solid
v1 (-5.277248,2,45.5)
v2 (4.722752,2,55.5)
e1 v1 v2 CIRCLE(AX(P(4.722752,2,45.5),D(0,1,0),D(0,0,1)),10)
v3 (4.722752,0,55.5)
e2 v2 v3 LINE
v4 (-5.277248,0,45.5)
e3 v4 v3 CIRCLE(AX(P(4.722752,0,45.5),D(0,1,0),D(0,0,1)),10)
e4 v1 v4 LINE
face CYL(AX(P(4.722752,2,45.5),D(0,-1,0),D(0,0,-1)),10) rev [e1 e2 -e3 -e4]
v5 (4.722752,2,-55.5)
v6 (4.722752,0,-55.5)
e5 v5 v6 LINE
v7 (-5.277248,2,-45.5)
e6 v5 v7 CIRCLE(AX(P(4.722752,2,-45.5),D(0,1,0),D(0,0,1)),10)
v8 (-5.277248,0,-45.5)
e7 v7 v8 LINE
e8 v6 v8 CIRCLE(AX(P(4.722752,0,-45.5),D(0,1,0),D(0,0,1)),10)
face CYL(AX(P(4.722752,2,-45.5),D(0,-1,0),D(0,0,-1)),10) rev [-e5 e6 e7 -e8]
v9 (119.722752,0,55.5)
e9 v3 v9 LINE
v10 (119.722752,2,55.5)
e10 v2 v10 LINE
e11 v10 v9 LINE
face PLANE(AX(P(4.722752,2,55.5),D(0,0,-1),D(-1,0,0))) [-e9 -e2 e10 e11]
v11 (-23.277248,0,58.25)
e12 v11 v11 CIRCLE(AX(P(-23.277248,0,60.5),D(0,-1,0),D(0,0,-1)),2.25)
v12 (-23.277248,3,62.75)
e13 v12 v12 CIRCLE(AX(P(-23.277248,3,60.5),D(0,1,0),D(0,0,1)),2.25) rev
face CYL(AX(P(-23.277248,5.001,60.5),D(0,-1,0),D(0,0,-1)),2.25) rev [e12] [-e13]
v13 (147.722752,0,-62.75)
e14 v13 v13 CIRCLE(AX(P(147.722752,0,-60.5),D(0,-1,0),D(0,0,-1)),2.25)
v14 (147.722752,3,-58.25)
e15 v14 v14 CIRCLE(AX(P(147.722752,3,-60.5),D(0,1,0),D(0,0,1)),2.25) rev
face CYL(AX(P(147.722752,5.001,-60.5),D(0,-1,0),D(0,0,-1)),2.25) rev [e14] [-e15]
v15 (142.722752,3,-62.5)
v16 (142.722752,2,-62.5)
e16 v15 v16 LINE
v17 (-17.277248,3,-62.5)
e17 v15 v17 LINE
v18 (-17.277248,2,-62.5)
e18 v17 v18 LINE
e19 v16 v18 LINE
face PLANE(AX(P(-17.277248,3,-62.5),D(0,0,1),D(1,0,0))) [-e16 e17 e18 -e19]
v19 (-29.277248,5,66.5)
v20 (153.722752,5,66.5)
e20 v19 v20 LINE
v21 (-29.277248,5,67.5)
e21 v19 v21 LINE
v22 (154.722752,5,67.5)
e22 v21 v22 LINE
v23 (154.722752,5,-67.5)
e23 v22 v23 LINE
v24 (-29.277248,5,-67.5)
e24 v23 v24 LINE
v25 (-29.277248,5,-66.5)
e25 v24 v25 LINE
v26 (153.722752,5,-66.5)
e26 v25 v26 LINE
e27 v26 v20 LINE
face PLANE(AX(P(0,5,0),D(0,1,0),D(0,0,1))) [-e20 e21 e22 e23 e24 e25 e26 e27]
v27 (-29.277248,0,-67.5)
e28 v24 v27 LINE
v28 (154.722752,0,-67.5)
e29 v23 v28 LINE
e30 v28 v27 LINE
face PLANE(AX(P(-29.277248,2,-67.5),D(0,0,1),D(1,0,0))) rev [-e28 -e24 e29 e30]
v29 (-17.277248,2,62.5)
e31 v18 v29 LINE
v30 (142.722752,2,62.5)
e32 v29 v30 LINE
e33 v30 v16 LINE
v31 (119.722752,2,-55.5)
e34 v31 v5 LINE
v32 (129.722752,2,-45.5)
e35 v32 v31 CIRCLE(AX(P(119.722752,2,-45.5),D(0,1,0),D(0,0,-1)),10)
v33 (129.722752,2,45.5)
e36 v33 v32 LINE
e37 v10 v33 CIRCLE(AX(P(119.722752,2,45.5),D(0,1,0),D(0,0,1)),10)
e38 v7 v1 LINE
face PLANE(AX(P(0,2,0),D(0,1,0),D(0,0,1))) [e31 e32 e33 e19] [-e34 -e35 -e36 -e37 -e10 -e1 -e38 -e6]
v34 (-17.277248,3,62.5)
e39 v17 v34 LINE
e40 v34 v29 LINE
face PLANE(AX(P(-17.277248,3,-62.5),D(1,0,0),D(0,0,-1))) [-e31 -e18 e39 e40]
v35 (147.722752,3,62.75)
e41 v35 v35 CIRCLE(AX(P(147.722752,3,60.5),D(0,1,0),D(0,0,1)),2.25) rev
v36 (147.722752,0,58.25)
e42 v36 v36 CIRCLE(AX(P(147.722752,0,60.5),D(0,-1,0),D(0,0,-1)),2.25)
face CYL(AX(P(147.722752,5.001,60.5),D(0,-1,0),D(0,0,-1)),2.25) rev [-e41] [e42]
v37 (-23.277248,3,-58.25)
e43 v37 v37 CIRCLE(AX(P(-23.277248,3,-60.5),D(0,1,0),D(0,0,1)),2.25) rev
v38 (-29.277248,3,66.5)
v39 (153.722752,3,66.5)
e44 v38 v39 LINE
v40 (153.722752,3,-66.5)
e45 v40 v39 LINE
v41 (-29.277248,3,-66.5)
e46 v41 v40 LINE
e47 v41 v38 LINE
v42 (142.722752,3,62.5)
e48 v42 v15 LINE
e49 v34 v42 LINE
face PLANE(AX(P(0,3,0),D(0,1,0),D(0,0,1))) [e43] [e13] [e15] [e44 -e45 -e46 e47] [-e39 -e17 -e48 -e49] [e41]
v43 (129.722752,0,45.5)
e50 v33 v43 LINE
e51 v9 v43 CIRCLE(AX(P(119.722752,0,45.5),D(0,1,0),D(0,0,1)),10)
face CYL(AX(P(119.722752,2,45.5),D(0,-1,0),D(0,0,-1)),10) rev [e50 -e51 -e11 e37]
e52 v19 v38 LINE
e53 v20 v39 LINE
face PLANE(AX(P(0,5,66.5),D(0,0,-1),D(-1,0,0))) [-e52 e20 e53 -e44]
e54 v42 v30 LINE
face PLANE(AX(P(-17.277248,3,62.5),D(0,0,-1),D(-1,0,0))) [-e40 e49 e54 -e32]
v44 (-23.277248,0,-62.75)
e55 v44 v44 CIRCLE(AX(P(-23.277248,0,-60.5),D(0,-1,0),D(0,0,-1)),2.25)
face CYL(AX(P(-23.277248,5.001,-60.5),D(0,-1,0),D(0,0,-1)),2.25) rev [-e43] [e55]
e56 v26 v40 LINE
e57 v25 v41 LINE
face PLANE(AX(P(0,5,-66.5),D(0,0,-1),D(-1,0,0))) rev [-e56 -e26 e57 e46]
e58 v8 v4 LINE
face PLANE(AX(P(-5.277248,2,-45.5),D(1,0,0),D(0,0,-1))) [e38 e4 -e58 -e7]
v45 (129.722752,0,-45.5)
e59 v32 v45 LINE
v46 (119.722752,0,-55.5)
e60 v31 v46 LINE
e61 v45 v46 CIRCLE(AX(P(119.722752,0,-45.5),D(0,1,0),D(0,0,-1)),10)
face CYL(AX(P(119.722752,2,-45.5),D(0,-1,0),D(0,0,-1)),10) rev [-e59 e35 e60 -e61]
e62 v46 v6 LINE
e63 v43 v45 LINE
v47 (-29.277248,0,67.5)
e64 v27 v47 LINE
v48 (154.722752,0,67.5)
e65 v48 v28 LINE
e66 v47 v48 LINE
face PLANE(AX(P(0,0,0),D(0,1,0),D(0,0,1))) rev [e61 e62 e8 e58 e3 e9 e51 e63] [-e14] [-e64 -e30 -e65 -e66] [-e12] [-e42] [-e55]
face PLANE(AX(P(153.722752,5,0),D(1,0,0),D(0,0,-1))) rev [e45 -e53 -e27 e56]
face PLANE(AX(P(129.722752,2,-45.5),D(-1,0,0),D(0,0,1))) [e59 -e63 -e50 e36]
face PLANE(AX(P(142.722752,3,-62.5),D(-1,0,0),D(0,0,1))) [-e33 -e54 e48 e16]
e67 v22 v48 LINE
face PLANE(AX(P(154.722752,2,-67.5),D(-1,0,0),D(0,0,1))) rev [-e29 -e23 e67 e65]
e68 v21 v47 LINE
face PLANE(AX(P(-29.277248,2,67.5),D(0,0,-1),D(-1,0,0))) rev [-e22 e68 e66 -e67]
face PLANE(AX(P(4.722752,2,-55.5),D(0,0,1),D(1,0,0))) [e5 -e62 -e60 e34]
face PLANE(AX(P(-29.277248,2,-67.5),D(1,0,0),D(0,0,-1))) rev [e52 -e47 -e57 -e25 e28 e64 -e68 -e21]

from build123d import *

# Parameters (mm, degrees)
SKETCH2_W           = 184
SKETCH2_H           = 135
BOSS_EXTRUDE1_DEPTH = 2
SKETCH3_W           = 184
SKETCH3_H           = 135
SKETCH3_W_2         = 160
SKETCH3_H_2         = 125
BOSS_EXTRUDE2_DEPTH = 1
BOSS_EXTRUDE3_DEPTH = 2
CUT_EXTRUDE1_REACH  = 170.88
SKETCH5_R           = 2.25


with BuildPart() as part:
    # Sketch2 → Boss-Extrude1 (new body)
    with BuildSketch(Plane(origin=(0, 0, 0), x_dir=(1, 0, 0), z_dir=(0, 1, 0))):
        with Locations((62.722752399, 0)):
            Rectangle(SKETCH2_W, SKETCH2_H)
        with BuildLine():
            Line((4.722752399, 55.5), (119.722752399, 55.5))
            ThreePointArc((119.722752399, 55.5), (126.79382021, 52.571067812), (129.722752399, 45.5))
            Line((129.722752399, 45.5), (129.722752399, -45.5))
            ThreePointArc((129.722752399, -45.5), (126.79382021, -52.571067812), (119.722752399, -55.5))
            Line((119.722752399, -55.5), (4.722752399, -55.5))
            ThreePointArc((4.722752399, -55.5), (-2.348315413, -52.571067812), (-5.277247601, -45.5))
            Line((-5.277247601, -45.5), (-5.277247601, 45.5))
            ThreePointArc((-5.277247601, 45.5), (-2.348315413, 52.571067812), (4.722752399, 55.5))
        make_face(mode=Mode.SUBTRACT)
    extrude(amount=BOSS_EXTRUDE1_DEPTH)

    # Sketch3 → Boss-Extrude2 (add)
    with BuildSketch(Plane(origin=(0, 2, 0), x_dir=(1, 0, 0), z_dir=(0, 1, 0))):
        with Locations((62.722752399, 0)):
            Rectangle(SKETCH3_W, SKETCH3_H)
        with Locations((62.722752399, 0)):
            Rectangle(SKETCH3_W_2, SKETCH3_H_2, mode=Mode.SUBTRACT)
    extrude(amount=BOSS_EXTRUDE2_DEPTH)

    # Sketch4 → Boss-Extrude3 (add)
    with BuildSketch(Plane(origin=(0, 3, 0), x_dir=(1, 0, 0), z_dir=(0, 1, 0))):
        Polygon((154.722752399, 67.5), (-29.277247601, 67.5), (-29.277247601, 66.5), (153.722752399, 66.5), (153.722752399, -66.5), (-29.277247601, -66.5), (-29.277247601, -67.5), (154.722752399, -67.5), align=None)
    extrude(amount=BOSS_EXTRUDE3_DEPTH)

    # Sketch5 → Cut-Extrude1 (cut, up to next)
    with BuildSketch(Plane.XZ, mode=Mode.PRIVATE) as cut_extrude1_sk1:
        with Locations(Location((-23.277247601, 60.5, 0), (0, 0, 270))):
            Circle(SKETCH5_R)
    cut_extrude1_tool1 = extrude(cut_extrude1_sk1.sketch, amount=-CUT_EXTRUDE1_REACH, mode=Mode.PRIVATE) & part.part
    # Sketch5 → Cut-Extrude1 (cut, up to next)
    with BuildSketch(Plane.XZ, mode=Mode.PRIVATE) as cut_extrude1_sk2:
        with Locations(Location((-23.277247601, -60.5, 0), (0, 0, 270))):
            Circle(SKETCH5_R)
    cut_extrude1_tool2 = extrude(cut_extrude1_sk2.sketch, amount=-CUT_EXTRUDE1_REACH, mode=Mode.PRIVATE) & part.part
    # Sketch5 → Cut-Extrude1 (cut, up to next)
    with BuildSketch(Plane.XZ, mode=Mode.PRIVATE) as cut_extrude1_sk3:
        with Locations(Location((147.722752399, -60.5, 0), (0, 0, 270))):
            Circle(SKETCH5_R)
    cut_extrude1_tool3 = extrude(cut_extrude1_sk3.sketch, amount=-CUT_EXTRUDE1_REACH, mode=Mode.PRIVATE) & part.part
    # Sketch5 → Cut-Extrude1 (cut, up to next)
    with BuildSketch(Plane.XZ, mode=Mode.PRIVATE) as cut_extrude1_sk4:
        with Locations(Location((147.722752399, 60.5, 0), (0, 0, 270))):
            Circle(SKETCH5_R)
    cut_extrude1_tool4 = extrude(cut_extrude1_sk4.sketch, amount=-CUT_EXTRUDE1_REACH, mode=Mode.PRIVATE) & part.part
    add(cut_extrude1_tool1.solids().sort_by_distance((-23.277248, 0, 60.5))[0], mode=Mode.SUBTRACT)
    add(cut_extrude1_tool2.solids().sort_by_distance((-23.277248, 0, -60.5))[0], mode=Mode.SUBTRACT)
    add(cut_extrude1_tool3.solids().sort_by_distance((147.722752, 0, -60.5))[0], mode=Mode.SUBTRACT)
    add(cut_extrude1_tool4.solids().sort_by_distance((147.722752, 0, 60.5))[0], mode=Mode.SUBTRACT)


solid = part.part
